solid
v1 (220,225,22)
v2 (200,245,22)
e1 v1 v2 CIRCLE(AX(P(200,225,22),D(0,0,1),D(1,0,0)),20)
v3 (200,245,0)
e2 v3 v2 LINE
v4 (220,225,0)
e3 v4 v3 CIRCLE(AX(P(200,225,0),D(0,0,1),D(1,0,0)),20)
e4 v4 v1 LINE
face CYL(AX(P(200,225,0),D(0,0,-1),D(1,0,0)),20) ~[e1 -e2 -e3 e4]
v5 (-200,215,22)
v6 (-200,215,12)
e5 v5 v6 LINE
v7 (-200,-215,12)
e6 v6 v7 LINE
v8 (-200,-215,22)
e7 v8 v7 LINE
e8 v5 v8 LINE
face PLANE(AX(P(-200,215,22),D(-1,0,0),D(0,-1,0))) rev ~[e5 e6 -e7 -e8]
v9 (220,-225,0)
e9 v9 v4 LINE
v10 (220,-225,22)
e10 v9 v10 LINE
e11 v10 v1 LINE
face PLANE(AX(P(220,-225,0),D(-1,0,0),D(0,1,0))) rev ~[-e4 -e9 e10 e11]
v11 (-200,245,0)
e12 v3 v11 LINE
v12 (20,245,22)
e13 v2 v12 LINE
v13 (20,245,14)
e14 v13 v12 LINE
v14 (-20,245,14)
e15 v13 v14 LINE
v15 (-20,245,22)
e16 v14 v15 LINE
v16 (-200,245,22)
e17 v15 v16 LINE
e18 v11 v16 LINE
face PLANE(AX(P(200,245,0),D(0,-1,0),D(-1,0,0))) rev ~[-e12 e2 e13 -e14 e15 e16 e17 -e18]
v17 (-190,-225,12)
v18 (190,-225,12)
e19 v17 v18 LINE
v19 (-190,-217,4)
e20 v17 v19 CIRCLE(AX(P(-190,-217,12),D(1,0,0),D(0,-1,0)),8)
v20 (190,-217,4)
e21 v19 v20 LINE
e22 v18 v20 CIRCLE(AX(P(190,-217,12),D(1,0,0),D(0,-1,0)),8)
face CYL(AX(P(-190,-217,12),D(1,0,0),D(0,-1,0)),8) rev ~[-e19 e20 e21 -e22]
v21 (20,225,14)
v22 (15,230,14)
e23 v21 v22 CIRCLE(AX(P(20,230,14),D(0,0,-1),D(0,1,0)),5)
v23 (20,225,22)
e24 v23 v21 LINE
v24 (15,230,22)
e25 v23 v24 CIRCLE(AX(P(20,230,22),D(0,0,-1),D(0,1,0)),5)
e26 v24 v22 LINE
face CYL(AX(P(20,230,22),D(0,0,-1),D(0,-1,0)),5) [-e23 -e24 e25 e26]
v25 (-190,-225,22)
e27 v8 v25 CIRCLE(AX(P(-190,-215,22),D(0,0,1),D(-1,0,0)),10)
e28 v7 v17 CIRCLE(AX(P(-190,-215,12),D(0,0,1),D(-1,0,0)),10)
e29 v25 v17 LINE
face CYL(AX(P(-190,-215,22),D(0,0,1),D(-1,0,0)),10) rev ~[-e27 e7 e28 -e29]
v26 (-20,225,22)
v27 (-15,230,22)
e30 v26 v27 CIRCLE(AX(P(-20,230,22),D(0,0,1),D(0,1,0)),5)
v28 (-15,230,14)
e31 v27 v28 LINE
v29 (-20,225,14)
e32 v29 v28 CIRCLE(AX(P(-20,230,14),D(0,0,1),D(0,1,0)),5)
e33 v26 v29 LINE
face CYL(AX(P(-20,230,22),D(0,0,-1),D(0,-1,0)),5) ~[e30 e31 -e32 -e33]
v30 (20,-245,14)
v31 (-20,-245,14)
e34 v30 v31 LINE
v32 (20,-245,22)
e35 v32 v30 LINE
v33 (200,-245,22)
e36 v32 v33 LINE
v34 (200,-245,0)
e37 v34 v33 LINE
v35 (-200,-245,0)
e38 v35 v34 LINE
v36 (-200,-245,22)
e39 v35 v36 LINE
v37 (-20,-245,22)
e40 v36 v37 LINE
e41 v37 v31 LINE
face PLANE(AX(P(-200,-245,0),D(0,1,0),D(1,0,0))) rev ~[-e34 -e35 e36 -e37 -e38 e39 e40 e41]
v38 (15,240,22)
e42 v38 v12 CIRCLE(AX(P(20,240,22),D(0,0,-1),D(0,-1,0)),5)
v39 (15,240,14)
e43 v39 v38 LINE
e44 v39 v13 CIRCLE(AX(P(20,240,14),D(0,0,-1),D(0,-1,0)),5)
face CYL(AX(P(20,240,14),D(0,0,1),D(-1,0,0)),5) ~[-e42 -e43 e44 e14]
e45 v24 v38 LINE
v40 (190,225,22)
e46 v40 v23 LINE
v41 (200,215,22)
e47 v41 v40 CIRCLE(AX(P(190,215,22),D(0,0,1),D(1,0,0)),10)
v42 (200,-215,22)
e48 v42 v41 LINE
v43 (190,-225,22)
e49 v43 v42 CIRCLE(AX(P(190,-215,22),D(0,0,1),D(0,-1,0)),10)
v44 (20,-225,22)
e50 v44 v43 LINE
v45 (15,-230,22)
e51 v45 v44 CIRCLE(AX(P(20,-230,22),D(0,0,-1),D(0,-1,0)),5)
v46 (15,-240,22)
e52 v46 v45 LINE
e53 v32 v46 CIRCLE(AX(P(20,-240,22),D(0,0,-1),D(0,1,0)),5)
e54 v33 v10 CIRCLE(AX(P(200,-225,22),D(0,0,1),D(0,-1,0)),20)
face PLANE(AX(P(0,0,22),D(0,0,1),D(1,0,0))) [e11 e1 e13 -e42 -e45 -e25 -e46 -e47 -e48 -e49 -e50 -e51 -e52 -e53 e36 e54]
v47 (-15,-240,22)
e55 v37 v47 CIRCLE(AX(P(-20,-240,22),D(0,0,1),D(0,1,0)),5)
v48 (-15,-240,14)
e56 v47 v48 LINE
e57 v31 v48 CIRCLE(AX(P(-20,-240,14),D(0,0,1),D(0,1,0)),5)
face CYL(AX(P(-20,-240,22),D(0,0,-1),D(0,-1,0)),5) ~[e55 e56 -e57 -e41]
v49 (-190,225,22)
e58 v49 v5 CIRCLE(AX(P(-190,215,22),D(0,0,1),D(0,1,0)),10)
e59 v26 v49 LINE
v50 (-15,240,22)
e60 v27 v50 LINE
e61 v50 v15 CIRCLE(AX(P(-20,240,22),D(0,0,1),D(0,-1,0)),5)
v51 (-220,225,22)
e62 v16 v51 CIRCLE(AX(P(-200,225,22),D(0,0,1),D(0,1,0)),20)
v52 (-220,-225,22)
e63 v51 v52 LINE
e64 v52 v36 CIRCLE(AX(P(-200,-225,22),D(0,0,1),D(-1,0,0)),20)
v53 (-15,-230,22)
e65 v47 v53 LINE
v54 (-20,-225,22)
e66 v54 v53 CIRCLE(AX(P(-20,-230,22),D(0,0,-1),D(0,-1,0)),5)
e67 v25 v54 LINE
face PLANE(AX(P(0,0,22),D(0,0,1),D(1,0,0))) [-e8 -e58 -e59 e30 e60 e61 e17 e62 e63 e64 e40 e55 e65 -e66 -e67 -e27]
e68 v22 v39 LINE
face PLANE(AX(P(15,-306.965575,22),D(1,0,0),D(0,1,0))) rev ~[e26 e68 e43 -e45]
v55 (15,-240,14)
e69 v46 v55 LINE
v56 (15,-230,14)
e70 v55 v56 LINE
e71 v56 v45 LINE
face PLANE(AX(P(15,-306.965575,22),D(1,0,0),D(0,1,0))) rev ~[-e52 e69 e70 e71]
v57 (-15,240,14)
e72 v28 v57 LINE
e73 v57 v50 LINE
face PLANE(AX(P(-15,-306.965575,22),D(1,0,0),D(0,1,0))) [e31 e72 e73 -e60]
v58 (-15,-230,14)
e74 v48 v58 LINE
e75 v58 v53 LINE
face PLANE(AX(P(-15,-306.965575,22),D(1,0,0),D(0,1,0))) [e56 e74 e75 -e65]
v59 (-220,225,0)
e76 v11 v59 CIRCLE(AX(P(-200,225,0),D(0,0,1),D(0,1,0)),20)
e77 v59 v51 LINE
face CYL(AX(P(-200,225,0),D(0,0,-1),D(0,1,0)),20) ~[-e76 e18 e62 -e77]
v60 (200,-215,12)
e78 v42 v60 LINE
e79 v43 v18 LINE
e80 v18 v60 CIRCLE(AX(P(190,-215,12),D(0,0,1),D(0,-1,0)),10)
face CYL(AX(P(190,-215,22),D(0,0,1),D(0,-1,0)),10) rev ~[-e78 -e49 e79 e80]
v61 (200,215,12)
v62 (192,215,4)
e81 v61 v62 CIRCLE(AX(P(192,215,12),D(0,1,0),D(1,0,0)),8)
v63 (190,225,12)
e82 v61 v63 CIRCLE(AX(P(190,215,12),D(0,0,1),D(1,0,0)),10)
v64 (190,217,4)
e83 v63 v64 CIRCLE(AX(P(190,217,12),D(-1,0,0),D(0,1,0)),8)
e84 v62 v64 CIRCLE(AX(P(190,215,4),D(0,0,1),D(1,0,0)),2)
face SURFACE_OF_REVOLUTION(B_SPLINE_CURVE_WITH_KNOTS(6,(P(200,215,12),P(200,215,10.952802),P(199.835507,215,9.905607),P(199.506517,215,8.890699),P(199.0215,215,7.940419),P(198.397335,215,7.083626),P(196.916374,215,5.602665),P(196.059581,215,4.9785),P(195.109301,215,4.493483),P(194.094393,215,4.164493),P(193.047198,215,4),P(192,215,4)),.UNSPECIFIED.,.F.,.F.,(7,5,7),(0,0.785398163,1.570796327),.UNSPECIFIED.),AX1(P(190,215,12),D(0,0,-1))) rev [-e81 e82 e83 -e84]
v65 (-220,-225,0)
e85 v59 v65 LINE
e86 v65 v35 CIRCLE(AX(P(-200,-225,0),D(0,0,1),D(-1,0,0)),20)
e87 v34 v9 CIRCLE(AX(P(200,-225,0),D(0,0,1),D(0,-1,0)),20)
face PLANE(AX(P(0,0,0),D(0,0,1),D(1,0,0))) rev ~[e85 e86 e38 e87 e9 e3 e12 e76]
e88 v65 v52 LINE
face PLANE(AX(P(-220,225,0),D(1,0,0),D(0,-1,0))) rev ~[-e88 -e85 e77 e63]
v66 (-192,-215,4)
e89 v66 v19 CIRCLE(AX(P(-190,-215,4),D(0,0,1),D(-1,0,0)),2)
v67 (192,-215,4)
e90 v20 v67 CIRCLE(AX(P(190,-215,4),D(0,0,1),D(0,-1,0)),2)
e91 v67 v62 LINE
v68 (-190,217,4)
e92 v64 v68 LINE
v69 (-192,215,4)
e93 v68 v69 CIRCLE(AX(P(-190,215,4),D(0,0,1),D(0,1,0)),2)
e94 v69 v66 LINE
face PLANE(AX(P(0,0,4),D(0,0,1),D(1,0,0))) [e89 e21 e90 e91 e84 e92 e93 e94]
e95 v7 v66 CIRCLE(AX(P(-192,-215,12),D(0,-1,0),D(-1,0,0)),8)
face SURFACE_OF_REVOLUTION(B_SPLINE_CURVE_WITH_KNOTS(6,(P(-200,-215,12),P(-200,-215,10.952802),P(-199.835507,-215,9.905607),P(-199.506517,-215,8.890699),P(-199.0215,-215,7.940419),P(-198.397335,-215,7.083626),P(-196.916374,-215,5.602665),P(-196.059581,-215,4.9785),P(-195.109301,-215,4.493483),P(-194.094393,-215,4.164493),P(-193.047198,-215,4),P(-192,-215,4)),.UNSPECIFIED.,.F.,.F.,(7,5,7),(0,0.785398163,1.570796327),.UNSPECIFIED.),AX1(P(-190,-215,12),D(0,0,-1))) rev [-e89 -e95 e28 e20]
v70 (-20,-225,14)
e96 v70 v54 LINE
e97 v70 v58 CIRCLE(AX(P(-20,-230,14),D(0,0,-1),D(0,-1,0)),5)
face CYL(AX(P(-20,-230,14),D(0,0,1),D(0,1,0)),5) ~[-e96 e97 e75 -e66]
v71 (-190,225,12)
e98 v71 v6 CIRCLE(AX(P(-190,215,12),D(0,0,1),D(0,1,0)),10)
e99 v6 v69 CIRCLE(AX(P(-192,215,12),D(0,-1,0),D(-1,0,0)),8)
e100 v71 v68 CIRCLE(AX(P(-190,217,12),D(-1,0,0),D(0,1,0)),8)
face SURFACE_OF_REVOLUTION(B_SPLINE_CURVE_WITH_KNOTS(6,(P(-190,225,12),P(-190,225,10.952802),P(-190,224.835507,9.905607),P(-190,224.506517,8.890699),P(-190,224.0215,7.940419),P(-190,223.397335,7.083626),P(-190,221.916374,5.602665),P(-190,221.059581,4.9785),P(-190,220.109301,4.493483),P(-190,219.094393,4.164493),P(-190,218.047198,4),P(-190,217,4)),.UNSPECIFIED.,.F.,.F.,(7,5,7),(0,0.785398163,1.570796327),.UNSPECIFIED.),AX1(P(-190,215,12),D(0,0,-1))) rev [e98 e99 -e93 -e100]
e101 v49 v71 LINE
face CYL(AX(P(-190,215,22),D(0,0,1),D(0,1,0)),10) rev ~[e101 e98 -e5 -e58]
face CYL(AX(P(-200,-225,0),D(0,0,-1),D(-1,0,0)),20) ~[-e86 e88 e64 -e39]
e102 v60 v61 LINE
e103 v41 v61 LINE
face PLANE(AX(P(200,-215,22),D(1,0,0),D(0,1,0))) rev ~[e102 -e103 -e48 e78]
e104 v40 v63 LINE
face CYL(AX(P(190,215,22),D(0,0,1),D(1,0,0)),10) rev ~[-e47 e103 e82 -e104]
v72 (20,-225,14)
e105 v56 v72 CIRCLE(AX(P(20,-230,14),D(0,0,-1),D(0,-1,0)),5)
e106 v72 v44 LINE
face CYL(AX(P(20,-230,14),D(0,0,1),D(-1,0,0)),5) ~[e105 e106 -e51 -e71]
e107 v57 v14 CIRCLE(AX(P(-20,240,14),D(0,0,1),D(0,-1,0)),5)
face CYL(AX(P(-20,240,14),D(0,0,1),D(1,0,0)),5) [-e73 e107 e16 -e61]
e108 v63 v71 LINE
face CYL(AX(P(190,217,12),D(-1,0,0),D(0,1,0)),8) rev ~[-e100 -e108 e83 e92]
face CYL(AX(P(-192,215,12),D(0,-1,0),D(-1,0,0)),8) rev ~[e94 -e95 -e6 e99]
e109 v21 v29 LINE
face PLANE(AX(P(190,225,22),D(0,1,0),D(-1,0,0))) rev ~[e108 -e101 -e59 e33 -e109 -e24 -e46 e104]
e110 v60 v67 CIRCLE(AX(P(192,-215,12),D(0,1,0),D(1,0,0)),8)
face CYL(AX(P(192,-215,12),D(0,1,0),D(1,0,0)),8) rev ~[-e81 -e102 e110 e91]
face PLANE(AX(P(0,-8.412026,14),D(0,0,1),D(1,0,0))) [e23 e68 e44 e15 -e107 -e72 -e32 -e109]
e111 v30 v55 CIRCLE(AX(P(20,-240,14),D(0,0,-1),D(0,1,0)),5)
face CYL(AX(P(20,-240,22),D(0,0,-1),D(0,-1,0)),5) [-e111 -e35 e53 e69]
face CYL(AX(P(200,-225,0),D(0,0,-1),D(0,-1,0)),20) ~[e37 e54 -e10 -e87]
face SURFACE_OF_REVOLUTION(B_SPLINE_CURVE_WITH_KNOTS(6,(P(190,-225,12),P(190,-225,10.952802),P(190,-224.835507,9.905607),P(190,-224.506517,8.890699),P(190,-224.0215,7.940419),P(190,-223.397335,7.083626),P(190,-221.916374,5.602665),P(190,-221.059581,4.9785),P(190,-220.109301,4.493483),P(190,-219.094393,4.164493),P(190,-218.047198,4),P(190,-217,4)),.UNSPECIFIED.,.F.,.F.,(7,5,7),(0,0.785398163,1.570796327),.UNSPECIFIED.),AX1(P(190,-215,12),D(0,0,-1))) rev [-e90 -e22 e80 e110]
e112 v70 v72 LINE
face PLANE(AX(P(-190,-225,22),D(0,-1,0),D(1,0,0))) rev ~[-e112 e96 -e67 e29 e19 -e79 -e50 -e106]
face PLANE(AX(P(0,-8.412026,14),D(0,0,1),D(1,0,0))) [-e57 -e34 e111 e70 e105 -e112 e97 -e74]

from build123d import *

# Parameters (mm, degrees)
F1_DEPTH = 22
F3_DEPTH = 18
F4_R     = 8
F5_W     = 30
F5_H     = 597.1070975065
F6_DEPTH = 8
F7_R     = 5


with BuildPart() as f1:
    # F0 (on Top) → F1 (new body)
    with BuildSketch(Plane.XY):
        with BuildLine():
            Line((200, 245), (0, 245))
            Line((0, 245), (-200, 245))
            ThreePointArc((-200, 245), (-214.1421356237, 239.1421356237), (-220, 225))
            Line((-220, 225), (-220, 0))
            Line((-220, 0), (-220, -225))
            ThreePointArc((-220, -225), (-214.1421356237, -239.1421356237), (-200, -245))
            Line((-200, -245), (0, -245))
            Line((0, -245), (200, -245))
            ThreePointArc((200, -245), (214.1421356237, -239.1421356237), (220, -225))
            Line((220, -225), (220, 0))
            Line((220, 0), (220, 225))
            ThreePointArc((220, 225), (214.1421356237, 239.1421356237), (200, 245))
        make_face()
    extrude(amount=F1_DEPTH)

    # F2 (on face) → F3 (cut)
    with BuildSketch(Plane.XY.offset(22)):
        with BuildLine():
            Line((190, 225), (-190, 225))
            ThreePointArc((-190, 225), (-197.0710678119, 222.0710678119), (-200, 215))
            Line((-200, 215), (-200, -215))
            ThreePointArc((-200, -215), (-197.0710678119, -222.0710678119), (-190, -225))
            Line((-190, -225), (190, -225))
            ThreePointArc((190, -225), (197.0710678119, -222.0710678119), (200, -215))
            Line((200, -215), (200, 215))
            ThreePointArc((200, 215), (197.0710678119, 222.0710678119), (190, 225))
        make_face()
    extrude(amount=-F3_DEPTH, mode=Mode.SUBTRACT)

    # F4
    f4_edges = [f1.edges().sort_by_distance(p)[0] for p in [
        (0, 225, 4),
        (-197.071068, 222.071068, 4),
        (-200, 0, 4),
        (-197.071068, -222.071068, 4),
        (0, -225, 4),
        (197.071068, -222.071068, 4),
        (200, 0, 4),
        (197.071068, 222.071068, 4),
    ]]
    fillet(f4_edges, radius=F4_R)

    # F5 (on face) → F6 (cut)
    with BuildSketch(Plane.XY.offset(22)):
        with Locations((0, -8.4120258689)):
            Rectangle(F5_W, F5_H)
    extrude(amount=-F6_DEPTH, mode=Mode.SUBTRACT)

    # F7
    f7_edges = [f1.edges().sort_by_distance(p)[0] for p in [
        (-15, -245, 18),
        (15, -245, 18),
        (15, -225, 18),
        (-15, -225, 18),
        (-15, 225, 18),
        (-15, 245, 18),
        (15, 225, 18),
        (15, 245, 18),
    ]]
    fillet(f7_edges, radius=F7_R)


solid = f1.part
